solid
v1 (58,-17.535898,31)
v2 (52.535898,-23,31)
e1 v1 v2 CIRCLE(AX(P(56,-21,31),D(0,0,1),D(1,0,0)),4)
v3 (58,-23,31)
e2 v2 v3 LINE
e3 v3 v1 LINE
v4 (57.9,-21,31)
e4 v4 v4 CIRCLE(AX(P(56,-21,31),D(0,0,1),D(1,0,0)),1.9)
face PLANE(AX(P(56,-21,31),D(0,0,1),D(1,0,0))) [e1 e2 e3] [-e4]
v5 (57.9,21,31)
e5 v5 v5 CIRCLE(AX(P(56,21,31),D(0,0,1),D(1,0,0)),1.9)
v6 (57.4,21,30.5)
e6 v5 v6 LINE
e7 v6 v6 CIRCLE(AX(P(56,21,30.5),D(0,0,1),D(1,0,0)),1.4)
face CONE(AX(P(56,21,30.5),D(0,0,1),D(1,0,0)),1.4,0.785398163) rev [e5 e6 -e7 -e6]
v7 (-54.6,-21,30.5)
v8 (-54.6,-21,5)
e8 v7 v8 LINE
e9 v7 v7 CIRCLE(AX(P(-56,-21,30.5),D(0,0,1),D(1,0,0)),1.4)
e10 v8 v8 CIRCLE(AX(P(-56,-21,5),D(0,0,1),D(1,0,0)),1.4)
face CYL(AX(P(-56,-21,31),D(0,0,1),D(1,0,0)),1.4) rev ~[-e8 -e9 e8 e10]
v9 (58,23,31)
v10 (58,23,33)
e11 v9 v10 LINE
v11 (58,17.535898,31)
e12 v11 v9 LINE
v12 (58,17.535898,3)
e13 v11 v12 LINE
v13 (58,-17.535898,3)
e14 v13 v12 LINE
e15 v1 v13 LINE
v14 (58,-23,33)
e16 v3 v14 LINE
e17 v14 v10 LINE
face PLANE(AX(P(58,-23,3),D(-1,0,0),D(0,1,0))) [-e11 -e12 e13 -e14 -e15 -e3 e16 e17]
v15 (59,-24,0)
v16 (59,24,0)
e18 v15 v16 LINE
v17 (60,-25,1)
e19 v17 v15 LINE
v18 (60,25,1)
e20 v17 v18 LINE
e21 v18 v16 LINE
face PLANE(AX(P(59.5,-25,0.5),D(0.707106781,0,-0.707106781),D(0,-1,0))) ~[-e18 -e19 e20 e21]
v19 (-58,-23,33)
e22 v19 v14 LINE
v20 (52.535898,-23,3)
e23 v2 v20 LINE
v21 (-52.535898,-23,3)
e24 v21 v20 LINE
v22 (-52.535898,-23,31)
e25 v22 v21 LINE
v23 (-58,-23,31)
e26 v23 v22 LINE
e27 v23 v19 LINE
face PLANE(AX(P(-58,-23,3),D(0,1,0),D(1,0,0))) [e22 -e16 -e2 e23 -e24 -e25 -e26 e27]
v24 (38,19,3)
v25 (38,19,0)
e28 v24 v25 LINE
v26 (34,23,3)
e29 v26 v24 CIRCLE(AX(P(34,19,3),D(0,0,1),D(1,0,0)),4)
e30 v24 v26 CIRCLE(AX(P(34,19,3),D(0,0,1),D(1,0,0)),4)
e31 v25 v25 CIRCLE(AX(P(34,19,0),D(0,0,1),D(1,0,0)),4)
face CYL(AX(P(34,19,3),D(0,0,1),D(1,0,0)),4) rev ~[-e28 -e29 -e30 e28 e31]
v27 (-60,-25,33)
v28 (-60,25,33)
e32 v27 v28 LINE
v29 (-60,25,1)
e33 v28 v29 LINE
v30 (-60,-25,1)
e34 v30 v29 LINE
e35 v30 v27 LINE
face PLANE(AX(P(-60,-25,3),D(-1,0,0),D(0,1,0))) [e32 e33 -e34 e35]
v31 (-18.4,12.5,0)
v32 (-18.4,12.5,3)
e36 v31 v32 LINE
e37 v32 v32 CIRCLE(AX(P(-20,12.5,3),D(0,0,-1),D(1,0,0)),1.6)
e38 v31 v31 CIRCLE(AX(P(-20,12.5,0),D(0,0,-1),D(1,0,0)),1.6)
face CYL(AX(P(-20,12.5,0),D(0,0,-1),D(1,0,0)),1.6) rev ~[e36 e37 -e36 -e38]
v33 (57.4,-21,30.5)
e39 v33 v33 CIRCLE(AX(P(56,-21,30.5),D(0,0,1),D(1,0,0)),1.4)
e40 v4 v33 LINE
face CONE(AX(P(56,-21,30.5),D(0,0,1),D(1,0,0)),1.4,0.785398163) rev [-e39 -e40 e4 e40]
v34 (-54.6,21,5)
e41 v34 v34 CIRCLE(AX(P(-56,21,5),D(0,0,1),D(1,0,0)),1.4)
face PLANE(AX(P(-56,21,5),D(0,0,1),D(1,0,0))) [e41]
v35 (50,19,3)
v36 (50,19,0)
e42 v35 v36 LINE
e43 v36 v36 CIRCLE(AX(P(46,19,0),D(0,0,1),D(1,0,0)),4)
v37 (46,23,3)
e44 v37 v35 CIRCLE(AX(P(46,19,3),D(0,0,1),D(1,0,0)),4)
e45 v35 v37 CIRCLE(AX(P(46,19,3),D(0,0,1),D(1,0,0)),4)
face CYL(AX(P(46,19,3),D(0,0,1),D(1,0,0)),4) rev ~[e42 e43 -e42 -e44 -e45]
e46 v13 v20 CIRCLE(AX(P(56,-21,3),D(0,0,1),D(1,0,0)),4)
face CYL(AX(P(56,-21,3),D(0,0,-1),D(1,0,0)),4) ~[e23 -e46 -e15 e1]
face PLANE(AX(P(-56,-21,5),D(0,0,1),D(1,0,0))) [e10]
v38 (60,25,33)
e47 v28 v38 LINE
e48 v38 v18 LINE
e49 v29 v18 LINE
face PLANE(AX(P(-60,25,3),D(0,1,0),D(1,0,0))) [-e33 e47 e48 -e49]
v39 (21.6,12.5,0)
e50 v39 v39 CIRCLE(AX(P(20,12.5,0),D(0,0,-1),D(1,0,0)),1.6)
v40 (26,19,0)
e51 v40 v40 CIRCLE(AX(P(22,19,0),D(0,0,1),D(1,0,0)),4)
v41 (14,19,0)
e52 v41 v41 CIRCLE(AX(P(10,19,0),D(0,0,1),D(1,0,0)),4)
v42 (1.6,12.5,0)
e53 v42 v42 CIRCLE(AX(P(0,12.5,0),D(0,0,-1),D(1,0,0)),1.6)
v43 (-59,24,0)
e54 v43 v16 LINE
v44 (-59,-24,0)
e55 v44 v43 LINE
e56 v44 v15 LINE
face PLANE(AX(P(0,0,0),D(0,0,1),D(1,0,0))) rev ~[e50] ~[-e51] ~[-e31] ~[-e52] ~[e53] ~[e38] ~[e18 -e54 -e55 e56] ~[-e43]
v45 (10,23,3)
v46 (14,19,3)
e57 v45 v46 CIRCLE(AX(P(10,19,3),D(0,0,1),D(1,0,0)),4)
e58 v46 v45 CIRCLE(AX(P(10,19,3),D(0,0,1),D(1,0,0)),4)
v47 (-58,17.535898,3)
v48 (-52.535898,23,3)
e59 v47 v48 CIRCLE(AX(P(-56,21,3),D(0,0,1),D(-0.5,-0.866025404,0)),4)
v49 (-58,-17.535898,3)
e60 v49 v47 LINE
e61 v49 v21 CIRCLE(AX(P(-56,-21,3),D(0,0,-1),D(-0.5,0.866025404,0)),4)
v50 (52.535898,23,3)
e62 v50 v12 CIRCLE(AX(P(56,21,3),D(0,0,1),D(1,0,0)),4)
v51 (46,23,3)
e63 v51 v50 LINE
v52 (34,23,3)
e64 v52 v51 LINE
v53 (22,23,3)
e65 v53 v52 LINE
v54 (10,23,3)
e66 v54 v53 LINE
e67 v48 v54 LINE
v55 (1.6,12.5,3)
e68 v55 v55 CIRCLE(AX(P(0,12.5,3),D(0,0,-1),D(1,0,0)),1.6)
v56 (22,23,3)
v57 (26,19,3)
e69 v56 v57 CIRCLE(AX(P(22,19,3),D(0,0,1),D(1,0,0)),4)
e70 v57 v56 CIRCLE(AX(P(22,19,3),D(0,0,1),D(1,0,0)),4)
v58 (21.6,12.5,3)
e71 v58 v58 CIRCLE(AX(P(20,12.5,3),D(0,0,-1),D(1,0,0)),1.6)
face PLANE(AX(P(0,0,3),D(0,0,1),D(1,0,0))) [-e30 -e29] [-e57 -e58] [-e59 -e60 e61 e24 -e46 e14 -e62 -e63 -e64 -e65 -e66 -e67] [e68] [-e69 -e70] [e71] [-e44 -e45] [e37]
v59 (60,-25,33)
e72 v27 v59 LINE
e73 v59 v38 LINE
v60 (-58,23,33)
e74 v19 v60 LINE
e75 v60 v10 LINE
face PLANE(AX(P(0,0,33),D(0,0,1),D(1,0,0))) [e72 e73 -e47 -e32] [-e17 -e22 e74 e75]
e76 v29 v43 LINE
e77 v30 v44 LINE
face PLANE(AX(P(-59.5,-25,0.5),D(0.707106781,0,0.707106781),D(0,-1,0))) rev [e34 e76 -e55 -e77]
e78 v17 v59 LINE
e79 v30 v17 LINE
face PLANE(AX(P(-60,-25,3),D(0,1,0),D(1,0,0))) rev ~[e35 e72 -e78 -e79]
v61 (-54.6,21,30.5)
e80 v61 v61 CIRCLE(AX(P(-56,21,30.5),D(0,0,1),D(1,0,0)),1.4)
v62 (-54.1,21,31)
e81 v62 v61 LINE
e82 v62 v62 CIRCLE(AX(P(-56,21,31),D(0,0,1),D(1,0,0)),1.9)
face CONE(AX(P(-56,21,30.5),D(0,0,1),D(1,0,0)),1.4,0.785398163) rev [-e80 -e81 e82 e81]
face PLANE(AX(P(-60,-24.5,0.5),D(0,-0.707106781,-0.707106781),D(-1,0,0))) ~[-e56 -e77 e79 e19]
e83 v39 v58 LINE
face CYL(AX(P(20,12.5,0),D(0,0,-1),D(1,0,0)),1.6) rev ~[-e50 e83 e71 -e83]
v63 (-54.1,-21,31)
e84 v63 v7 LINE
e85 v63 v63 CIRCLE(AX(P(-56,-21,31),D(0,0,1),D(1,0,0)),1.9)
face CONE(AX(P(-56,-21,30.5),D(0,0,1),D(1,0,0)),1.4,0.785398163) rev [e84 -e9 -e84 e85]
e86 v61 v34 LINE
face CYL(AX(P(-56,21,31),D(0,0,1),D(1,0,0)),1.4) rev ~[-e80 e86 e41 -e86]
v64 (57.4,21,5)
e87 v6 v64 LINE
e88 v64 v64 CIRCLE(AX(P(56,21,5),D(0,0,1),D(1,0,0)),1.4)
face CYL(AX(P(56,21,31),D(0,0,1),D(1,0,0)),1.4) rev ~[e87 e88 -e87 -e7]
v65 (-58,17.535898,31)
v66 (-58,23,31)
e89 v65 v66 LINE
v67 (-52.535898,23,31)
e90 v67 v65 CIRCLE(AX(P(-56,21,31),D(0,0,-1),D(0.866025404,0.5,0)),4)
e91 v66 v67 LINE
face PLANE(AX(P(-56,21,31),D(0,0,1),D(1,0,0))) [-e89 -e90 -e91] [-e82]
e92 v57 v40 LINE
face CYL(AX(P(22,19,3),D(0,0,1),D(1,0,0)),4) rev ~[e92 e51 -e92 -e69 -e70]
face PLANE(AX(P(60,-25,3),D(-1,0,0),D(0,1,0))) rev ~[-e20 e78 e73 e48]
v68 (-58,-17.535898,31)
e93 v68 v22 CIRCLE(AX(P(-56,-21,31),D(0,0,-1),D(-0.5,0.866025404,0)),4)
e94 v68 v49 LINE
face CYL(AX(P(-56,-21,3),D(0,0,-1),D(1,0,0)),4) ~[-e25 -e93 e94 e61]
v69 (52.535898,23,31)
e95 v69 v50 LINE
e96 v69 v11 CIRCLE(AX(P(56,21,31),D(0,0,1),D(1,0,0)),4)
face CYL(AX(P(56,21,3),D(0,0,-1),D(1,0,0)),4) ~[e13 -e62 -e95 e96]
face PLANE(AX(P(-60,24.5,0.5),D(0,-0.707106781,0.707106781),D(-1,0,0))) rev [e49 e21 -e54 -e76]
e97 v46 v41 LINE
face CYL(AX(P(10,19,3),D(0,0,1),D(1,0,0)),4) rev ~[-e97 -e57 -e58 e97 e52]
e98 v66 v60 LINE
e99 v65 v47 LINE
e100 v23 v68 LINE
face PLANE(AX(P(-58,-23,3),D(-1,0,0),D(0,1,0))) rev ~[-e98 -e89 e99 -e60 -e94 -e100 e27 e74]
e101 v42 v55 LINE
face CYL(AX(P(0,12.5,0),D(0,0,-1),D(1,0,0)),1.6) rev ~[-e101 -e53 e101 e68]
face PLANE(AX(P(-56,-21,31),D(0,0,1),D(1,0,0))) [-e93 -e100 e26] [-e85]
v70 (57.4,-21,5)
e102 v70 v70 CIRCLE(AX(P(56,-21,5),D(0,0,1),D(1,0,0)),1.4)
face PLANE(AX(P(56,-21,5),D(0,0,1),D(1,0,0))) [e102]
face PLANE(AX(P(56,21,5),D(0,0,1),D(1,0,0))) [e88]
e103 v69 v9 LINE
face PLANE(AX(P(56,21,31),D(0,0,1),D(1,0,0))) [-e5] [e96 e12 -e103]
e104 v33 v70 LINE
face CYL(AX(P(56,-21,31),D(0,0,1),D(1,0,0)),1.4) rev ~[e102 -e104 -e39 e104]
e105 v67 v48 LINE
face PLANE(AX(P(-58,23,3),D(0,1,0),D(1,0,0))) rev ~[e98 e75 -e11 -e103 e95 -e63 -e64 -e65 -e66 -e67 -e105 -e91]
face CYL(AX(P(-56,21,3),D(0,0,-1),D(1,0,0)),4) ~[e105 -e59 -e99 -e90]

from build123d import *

# Parameters (mm, degrees)
SKETCH_W        = 120
SKETCH_H        = 50
PAD_DEPTH       = 3
SKETCH001_R     = 4
POCKET_DEPTH    = 5
SKETCH002_W     = 120
SKETCH002_H     = 50
SKETCH002_W_2   = 116
SKETCH002_H_2   = 46
PAD001_DEPTH    = 30
SKETCH003_R     = 1.6
POCKET001_DEPTH = 5
SKETCH004_R     = 4
PAD002_DEPTH    = 28
SKETCH005_R     = 1.4
POCKET002_DEPTH = 26
CHAMFER_SIZE    = 0.5
CHAMFER001_SIZE = 1


with BuildPart() as part:
    # Sketch → Pad (new body)
    with BuildSketch(Plane.XY):
        Rectangle(SKETCH_W, SKETCH_H)
    extrude(amount=PAD_DEPTH)

    # Sketch001 (on Face6 of Pad) → Pocket (cut)
    with BuildSketch(Plane.XY.offset(3)):
        with Locations((10, 19)):
            Circle(SKETCH001_R)
        with Locations((22, 19)):
            Circle(SKETCH001_R)
        with Locations((34, 19)):
            Circle(SKETCH001_R)
        with Locations((46, 19)):
            Circle(SKETCH001_R)
    extrude(amount=-POCKET_DEPTH, mode=Mode.SUBTRACT)

    # Sketch002 (on Face5 of Pocket) → Pad001 (join)
    with BuildSketch(Plane.XY.offset(3)):
        Rectangle(SKETCH002_W, SKETCH002_H)
        Rectangle(SKETCH002_W_2, SKETCH002_H_2, mode=Mode.SUBTRACT)
    extrude(amount=PAD001_DEPTH)

    # Sketch003 (on Face4 of Pad001) → Pocket001 (cut)
    with BuildSketch(Plane(origin=(0, 0, 0), x_dir=(1, 0, 0), z_dir=(0, 0, -1))):
        with Locations((-20, -12.5)):
            Circle(SKETCH003_R)
        with Locations((0, -12.5)):
            Circle(SKETCH003_R)
        with Locations((20, -12.5)):
            Circle(SKETCH003_R)
    extrude(amount=-POCKET001_DEPTH, mode=Mode.SUBTRACT)

    # Sketch004 (on Face18 of Pocket001) → Pad002 (join)
    with BuildSketch(Plane.XY.offset(3)):
        with Locations((-56, 21)):
            Circle(SKETCH004_R)
        with Locations((-56, -21)):
            Circle(SKETCH004_R)
        with Locations((56, 21)):
            Circle(SKETCH004_R)
        with Locations((56, -21)):
            Circle(SKETCH004_R)
    extrude(amount=PAD002_DEPTH)

    # Sketch005 (on Face29 of Pad002) → Pocket002 (cut)
    with BuildSketch(Plane.XY.offset(31)):
        with Locations((-56, 21)):
            Circle(SKETCH005_R)
        with Locations((56, 21)):
            Circle(SKETCH005_R)
        with Locations((56, -21)):
            Circle(SKETCH005_R)
        with Locations((-56, -21)):
            Circle(SKETCH005_R)
    extrude(amount=-POCKET002_DEPTH, mode=Mode.SUBTRACT)

    # Chamfer
    chamfer_edges = [part.edges().sort_by_distance(p)[0] for p in [
        (54.6, 21, 31),
        (54.6, -21, 31),
        (-57.4, -21, 31),
        (-57.4, 21, 31),
    ]]
    chamfer(chamfer_edges, length=CHAMFER_SIZE)

    # Chamfer001
    chamfer001_edges = [part.edges().sort_by_distance(p)[0] for p in [
        (0, 25, 0),
        (-60, 0, 0),
        (0, -25, 0),
        (60, 0, 0),
    ]]
    chamfer(chamfer001_edges, length=CHAMFER001_SIZE)


solid = part.part
